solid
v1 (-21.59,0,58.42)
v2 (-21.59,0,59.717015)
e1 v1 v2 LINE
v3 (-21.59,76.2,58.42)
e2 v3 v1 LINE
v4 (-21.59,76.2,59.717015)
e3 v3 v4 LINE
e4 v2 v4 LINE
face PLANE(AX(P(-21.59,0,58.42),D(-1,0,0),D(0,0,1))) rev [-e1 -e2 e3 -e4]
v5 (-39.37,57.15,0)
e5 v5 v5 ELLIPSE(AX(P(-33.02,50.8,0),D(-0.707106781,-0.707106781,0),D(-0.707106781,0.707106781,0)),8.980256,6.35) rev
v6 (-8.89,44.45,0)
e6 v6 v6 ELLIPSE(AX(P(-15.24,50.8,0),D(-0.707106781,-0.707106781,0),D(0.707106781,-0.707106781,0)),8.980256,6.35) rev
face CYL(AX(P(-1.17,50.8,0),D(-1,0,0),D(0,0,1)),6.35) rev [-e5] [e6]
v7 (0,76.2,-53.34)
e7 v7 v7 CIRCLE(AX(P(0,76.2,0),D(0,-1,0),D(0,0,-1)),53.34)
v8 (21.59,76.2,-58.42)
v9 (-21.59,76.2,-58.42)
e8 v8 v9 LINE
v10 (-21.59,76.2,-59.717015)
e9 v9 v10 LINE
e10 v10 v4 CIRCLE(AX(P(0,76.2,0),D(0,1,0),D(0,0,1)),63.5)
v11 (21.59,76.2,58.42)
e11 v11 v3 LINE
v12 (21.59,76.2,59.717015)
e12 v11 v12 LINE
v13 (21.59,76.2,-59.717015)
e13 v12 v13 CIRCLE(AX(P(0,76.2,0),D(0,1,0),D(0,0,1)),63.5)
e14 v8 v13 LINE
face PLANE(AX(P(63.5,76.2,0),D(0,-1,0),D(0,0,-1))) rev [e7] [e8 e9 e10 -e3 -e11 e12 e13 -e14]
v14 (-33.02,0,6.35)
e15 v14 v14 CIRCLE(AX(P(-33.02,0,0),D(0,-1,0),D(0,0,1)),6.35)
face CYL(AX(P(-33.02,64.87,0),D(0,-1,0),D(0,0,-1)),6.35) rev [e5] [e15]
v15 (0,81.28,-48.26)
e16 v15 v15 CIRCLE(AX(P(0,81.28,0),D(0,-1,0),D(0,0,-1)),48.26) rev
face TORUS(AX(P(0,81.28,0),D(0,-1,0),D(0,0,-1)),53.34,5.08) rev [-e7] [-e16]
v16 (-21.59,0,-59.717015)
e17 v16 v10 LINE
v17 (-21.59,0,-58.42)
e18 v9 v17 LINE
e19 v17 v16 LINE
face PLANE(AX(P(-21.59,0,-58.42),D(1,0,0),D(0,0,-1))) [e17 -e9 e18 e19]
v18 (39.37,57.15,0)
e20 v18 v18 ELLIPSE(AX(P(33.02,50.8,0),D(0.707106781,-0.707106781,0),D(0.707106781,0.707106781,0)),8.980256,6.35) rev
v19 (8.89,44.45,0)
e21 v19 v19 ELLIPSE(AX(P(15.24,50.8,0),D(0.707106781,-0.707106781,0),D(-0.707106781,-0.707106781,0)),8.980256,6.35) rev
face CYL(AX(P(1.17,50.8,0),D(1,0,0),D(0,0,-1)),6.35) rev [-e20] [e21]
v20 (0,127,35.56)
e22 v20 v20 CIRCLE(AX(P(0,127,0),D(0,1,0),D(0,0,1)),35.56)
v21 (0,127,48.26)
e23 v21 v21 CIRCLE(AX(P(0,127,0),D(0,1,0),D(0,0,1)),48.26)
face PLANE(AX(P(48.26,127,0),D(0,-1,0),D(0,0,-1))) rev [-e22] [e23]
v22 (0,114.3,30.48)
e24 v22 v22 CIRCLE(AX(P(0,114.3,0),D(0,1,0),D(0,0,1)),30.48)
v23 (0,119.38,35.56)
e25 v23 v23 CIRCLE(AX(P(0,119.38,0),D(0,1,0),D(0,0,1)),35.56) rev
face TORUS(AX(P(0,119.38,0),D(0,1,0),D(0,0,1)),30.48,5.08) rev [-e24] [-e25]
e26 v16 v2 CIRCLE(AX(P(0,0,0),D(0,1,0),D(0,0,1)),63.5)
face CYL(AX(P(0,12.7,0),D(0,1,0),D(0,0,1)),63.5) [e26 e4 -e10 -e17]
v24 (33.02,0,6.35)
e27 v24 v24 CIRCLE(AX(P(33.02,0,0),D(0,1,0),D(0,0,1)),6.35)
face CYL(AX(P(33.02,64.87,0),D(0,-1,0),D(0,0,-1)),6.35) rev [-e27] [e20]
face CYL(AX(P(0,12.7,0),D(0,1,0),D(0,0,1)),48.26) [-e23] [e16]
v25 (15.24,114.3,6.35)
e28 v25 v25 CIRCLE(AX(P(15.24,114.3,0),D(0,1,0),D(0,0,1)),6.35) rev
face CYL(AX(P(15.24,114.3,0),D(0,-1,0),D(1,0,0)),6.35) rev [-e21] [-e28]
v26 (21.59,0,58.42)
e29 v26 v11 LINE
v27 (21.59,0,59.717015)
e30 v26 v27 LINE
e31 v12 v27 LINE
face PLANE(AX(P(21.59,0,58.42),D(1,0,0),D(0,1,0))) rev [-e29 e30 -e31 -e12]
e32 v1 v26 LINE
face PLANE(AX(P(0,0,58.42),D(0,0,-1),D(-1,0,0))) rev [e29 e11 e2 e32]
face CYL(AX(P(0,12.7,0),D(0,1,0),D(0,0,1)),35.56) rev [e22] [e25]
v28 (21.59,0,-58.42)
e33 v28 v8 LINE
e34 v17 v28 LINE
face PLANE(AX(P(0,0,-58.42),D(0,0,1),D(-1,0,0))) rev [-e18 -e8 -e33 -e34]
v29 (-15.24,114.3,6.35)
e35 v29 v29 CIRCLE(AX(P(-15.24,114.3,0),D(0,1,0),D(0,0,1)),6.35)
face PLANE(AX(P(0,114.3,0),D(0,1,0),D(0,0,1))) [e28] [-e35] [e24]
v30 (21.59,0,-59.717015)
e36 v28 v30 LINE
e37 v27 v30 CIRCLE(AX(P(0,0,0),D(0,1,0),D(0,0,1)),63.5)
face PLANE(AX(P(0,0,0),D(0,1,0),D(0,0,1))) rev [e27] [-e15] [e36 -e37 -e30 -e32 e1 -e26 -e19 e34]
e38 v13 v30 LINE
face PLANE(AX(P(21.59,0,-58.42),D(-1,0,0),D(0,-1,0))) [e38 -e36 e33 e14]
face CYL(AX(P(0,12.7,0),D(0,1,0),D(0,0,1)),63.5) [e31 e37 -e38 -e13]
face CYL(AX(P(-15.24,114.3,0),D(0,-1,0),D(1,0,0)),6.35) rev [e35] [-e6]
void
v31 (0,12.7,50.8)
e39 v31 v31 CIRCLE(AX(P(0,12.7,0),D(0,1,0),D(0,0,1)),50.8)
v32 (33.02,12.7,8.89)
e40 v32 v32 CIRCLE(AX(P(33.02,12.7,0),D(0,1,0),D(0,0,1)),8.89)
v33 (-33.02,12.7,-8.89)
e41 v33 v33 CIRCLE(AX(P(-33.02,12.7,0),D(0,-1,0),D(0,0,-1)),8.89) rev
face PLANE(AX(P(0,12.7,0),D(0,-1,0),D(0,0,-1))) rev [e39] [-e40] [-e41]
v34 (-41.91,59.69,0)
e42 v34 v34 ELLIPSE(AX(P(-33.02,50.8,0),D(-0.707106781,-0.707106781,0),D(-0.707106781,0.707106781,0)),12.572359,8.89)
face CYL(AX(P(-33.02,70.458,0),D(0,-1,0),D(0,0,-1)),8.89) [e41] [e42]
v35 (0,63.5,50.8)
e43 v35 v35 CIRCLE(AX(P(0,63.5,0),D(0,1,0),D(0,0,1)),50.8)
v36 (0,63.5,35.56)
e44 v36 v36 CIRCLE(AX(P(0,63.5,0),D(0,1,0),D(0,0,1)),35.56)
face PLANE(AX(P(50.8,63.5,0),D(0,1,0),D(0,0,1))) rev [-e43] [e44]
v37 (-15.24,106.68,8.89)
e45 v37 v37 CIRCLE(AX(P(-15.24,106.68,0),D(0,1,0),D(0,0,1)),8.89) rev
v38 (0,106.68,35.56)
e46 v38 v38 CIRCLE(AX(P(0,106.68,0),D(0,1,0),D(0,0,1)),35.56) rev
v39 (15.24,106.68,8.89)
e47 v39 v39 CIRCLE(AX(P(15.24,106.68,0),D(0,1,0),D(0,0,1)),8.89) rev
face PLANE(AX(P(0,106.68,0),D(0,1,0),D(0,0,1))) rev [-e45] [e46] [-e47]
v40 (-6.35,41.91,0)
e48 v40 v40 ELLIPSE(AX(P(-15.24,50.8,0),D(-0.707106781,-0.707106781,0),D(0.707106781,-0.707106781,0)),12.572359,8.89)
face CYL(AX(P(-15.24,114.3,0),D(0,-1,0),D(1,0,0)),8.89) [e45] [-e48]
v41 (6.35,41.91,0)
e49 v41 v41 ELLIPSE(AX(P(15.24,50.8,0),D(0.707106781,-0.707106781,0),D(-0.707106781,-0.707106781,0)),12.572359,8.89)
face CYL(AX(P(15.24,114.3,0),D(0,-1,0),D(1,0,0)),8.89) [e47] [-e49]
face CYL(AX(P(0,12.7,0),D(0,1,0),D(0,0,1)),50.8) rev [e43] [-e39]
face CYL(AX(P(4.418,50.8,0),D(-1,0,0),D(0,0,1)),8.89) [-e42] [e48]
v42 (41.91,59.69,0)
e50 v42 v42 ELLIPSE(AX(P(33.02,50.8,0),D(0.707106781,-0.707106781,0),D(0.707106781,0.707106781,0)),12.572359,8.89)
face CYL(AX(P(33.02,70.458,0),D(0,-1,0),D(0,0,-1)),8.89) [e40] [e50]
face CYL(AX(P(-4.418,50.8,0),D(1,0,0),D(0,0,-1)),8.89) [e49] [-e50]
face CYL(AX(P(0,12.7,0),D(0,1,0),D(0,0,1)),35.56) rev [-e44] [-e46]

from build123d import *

# Parameters (mm, degrees)
SKETCH4_R           = 35.56
BOSS_EXTRUDE1_DEPTH = 7.62
SKETCH5_R           = 8.89
SKETCH5_R_2         = 6.35
SKETCH7_R           = 6.35
CUT_EXTRUDE1_DEPTH  = 13.7
SKETCH8_R           = 6.35
CUT_EXTRUDE2_DEPTH  = 7.62
SKETCH10_W          = 43.18
SKETCH10_H          = 76.2
CUT_EXTRUDE3_DEPTH  = 5.08
FILLET1_R           = 5.08
FILLET2_R           = 5.08


with BuildPart() as part:
    # Sketch3 → Revolve1 (revolve)
    with BuildSketch(Plane.XY):
        Polygon((0, 0), (63.5, 0), (63.5, 76.2), (48.26, 76.2), (48.26, 127), (35.56, 127), (35.56, 63.5), (50.8, 63.5), (50.8, 12.7), (0, 12.7), align=None)
    revolve(axis=Axis((0, 12.7, 0), (0, -1, 0)))

    # Sketch4 → Boss-Extrude1 (add)
    with BuildSketch(Plane(origin=(0, 114.3, 0), x_dir=(1, 0, 0), z_dir=(0, 1, 0))):
        Circle(SKETCH4_R)
    extrude(amount=-BOSS_EXTRUDE1_DEPTH)

    # Sweep1: sweep along a path in Sketch6
    with BuildLine(Plane.XY) as sweep1_path:
        Line((15.24, 114.3), (15.24, 50.8))
        Line((15.24, 50.8), (33.02, 50.8))
        Line((33.02, 50.8), (33.02, 12.7))
    # Sketch5 → Sweep1 (sweep)
    with BuildSketch(Plane(origin=(0, 114.3, 0), x_dir=(1, 0, 0), z_dir=(0, 1, 0))):
        with Locations((15.24, 0)):
            Circle(SKETCH5_R)
        with Locations((15.24, 0)):
            Circle(SKETCH5_R_2, mode=Mode.SUBTRACT)
    sweep1 = sweep(path=sweep1_path.line, transition=Transition.RIGHT)

    # Sketch7 → Cut-Extrude1 (cut, through all)
    with BuildSketch(Plane(origin=(0, 12.7, 0), x_dir=(1, 0, 0), z_dir=(0, 1, 0))):
        with Locations((33.02, 0)):
            Circle(SKETCH7_R)
    cut_extrude1 = extrude(amount=-CUT_EXTRUDE1_DEPTH, mode=Mode.SUBTRACT)

    # Sketch8 → Cut-Extrude2 (cut)
    with BuildSketch(Plane.XZ.offset(-106.68)):
        with Locations((15.24, 0)):
            Circle(SKETCH8_R)
    cut_extrude2 = extrude(amount=-CUT_EXTRUDE2_DEPTH, mode=Mode.SUBTRACT)

    # Mirror1: Sweep1, Cut-Extrude1, Cut-Extrude2 across plane
    add(sweep1.mirror(Plane(origin=(0, 0, 0), x_dir=(0, 0, 1), z_dir=(1, 0, 0))))
    add(cut_extrude1.mirror(Plane(origin=(0, 0, 0), x_dir=(0, 0, 1), z_dir=(1, 0, 0))), mode=Mode.SUBTRACT)
    add(cut_extrude2.mirror(Plane(origin=(0, 0, 0), x_dir=(0, 0, 1), z_dir=(1, 0, 0))), mode=Mode.SUBTRACT)

    # Sketch10 → Cut-Extrude3 (cut)
    with BuildSketch(Plane.XY.offset(63.5)):
        with Locations((0, 38.1)):
            Rectangle(SKETCH10_W, SKETCH10_H)
    cut_extrude3 = extrude(amount=-CUT_EXTRUDE3_DEPTH, mode=Mode.SUBTRACT)

    # Mirror2: Cut-Extrude3 across plane
    add(cut_extrude3.mirror(Plane.XY), mode=Mode.SUBTRACT)

    # Fillet1
    fillet1_edges = [part.edges().sort_by_distance(p)[0] for p in [
        (-35.56, 114.3, 0),
    ]]
    fillet(fillet1_edges, radius=FILLET1_R)

    # Fillet2
    fillet2_edges = [part.edges().sort_by_distance(p)[0] for p in [
        (-48.26, 76.2, 0),
    ]]
    fillet(fillet2_edges, radius=FILLET2_R)


solid = part.part
